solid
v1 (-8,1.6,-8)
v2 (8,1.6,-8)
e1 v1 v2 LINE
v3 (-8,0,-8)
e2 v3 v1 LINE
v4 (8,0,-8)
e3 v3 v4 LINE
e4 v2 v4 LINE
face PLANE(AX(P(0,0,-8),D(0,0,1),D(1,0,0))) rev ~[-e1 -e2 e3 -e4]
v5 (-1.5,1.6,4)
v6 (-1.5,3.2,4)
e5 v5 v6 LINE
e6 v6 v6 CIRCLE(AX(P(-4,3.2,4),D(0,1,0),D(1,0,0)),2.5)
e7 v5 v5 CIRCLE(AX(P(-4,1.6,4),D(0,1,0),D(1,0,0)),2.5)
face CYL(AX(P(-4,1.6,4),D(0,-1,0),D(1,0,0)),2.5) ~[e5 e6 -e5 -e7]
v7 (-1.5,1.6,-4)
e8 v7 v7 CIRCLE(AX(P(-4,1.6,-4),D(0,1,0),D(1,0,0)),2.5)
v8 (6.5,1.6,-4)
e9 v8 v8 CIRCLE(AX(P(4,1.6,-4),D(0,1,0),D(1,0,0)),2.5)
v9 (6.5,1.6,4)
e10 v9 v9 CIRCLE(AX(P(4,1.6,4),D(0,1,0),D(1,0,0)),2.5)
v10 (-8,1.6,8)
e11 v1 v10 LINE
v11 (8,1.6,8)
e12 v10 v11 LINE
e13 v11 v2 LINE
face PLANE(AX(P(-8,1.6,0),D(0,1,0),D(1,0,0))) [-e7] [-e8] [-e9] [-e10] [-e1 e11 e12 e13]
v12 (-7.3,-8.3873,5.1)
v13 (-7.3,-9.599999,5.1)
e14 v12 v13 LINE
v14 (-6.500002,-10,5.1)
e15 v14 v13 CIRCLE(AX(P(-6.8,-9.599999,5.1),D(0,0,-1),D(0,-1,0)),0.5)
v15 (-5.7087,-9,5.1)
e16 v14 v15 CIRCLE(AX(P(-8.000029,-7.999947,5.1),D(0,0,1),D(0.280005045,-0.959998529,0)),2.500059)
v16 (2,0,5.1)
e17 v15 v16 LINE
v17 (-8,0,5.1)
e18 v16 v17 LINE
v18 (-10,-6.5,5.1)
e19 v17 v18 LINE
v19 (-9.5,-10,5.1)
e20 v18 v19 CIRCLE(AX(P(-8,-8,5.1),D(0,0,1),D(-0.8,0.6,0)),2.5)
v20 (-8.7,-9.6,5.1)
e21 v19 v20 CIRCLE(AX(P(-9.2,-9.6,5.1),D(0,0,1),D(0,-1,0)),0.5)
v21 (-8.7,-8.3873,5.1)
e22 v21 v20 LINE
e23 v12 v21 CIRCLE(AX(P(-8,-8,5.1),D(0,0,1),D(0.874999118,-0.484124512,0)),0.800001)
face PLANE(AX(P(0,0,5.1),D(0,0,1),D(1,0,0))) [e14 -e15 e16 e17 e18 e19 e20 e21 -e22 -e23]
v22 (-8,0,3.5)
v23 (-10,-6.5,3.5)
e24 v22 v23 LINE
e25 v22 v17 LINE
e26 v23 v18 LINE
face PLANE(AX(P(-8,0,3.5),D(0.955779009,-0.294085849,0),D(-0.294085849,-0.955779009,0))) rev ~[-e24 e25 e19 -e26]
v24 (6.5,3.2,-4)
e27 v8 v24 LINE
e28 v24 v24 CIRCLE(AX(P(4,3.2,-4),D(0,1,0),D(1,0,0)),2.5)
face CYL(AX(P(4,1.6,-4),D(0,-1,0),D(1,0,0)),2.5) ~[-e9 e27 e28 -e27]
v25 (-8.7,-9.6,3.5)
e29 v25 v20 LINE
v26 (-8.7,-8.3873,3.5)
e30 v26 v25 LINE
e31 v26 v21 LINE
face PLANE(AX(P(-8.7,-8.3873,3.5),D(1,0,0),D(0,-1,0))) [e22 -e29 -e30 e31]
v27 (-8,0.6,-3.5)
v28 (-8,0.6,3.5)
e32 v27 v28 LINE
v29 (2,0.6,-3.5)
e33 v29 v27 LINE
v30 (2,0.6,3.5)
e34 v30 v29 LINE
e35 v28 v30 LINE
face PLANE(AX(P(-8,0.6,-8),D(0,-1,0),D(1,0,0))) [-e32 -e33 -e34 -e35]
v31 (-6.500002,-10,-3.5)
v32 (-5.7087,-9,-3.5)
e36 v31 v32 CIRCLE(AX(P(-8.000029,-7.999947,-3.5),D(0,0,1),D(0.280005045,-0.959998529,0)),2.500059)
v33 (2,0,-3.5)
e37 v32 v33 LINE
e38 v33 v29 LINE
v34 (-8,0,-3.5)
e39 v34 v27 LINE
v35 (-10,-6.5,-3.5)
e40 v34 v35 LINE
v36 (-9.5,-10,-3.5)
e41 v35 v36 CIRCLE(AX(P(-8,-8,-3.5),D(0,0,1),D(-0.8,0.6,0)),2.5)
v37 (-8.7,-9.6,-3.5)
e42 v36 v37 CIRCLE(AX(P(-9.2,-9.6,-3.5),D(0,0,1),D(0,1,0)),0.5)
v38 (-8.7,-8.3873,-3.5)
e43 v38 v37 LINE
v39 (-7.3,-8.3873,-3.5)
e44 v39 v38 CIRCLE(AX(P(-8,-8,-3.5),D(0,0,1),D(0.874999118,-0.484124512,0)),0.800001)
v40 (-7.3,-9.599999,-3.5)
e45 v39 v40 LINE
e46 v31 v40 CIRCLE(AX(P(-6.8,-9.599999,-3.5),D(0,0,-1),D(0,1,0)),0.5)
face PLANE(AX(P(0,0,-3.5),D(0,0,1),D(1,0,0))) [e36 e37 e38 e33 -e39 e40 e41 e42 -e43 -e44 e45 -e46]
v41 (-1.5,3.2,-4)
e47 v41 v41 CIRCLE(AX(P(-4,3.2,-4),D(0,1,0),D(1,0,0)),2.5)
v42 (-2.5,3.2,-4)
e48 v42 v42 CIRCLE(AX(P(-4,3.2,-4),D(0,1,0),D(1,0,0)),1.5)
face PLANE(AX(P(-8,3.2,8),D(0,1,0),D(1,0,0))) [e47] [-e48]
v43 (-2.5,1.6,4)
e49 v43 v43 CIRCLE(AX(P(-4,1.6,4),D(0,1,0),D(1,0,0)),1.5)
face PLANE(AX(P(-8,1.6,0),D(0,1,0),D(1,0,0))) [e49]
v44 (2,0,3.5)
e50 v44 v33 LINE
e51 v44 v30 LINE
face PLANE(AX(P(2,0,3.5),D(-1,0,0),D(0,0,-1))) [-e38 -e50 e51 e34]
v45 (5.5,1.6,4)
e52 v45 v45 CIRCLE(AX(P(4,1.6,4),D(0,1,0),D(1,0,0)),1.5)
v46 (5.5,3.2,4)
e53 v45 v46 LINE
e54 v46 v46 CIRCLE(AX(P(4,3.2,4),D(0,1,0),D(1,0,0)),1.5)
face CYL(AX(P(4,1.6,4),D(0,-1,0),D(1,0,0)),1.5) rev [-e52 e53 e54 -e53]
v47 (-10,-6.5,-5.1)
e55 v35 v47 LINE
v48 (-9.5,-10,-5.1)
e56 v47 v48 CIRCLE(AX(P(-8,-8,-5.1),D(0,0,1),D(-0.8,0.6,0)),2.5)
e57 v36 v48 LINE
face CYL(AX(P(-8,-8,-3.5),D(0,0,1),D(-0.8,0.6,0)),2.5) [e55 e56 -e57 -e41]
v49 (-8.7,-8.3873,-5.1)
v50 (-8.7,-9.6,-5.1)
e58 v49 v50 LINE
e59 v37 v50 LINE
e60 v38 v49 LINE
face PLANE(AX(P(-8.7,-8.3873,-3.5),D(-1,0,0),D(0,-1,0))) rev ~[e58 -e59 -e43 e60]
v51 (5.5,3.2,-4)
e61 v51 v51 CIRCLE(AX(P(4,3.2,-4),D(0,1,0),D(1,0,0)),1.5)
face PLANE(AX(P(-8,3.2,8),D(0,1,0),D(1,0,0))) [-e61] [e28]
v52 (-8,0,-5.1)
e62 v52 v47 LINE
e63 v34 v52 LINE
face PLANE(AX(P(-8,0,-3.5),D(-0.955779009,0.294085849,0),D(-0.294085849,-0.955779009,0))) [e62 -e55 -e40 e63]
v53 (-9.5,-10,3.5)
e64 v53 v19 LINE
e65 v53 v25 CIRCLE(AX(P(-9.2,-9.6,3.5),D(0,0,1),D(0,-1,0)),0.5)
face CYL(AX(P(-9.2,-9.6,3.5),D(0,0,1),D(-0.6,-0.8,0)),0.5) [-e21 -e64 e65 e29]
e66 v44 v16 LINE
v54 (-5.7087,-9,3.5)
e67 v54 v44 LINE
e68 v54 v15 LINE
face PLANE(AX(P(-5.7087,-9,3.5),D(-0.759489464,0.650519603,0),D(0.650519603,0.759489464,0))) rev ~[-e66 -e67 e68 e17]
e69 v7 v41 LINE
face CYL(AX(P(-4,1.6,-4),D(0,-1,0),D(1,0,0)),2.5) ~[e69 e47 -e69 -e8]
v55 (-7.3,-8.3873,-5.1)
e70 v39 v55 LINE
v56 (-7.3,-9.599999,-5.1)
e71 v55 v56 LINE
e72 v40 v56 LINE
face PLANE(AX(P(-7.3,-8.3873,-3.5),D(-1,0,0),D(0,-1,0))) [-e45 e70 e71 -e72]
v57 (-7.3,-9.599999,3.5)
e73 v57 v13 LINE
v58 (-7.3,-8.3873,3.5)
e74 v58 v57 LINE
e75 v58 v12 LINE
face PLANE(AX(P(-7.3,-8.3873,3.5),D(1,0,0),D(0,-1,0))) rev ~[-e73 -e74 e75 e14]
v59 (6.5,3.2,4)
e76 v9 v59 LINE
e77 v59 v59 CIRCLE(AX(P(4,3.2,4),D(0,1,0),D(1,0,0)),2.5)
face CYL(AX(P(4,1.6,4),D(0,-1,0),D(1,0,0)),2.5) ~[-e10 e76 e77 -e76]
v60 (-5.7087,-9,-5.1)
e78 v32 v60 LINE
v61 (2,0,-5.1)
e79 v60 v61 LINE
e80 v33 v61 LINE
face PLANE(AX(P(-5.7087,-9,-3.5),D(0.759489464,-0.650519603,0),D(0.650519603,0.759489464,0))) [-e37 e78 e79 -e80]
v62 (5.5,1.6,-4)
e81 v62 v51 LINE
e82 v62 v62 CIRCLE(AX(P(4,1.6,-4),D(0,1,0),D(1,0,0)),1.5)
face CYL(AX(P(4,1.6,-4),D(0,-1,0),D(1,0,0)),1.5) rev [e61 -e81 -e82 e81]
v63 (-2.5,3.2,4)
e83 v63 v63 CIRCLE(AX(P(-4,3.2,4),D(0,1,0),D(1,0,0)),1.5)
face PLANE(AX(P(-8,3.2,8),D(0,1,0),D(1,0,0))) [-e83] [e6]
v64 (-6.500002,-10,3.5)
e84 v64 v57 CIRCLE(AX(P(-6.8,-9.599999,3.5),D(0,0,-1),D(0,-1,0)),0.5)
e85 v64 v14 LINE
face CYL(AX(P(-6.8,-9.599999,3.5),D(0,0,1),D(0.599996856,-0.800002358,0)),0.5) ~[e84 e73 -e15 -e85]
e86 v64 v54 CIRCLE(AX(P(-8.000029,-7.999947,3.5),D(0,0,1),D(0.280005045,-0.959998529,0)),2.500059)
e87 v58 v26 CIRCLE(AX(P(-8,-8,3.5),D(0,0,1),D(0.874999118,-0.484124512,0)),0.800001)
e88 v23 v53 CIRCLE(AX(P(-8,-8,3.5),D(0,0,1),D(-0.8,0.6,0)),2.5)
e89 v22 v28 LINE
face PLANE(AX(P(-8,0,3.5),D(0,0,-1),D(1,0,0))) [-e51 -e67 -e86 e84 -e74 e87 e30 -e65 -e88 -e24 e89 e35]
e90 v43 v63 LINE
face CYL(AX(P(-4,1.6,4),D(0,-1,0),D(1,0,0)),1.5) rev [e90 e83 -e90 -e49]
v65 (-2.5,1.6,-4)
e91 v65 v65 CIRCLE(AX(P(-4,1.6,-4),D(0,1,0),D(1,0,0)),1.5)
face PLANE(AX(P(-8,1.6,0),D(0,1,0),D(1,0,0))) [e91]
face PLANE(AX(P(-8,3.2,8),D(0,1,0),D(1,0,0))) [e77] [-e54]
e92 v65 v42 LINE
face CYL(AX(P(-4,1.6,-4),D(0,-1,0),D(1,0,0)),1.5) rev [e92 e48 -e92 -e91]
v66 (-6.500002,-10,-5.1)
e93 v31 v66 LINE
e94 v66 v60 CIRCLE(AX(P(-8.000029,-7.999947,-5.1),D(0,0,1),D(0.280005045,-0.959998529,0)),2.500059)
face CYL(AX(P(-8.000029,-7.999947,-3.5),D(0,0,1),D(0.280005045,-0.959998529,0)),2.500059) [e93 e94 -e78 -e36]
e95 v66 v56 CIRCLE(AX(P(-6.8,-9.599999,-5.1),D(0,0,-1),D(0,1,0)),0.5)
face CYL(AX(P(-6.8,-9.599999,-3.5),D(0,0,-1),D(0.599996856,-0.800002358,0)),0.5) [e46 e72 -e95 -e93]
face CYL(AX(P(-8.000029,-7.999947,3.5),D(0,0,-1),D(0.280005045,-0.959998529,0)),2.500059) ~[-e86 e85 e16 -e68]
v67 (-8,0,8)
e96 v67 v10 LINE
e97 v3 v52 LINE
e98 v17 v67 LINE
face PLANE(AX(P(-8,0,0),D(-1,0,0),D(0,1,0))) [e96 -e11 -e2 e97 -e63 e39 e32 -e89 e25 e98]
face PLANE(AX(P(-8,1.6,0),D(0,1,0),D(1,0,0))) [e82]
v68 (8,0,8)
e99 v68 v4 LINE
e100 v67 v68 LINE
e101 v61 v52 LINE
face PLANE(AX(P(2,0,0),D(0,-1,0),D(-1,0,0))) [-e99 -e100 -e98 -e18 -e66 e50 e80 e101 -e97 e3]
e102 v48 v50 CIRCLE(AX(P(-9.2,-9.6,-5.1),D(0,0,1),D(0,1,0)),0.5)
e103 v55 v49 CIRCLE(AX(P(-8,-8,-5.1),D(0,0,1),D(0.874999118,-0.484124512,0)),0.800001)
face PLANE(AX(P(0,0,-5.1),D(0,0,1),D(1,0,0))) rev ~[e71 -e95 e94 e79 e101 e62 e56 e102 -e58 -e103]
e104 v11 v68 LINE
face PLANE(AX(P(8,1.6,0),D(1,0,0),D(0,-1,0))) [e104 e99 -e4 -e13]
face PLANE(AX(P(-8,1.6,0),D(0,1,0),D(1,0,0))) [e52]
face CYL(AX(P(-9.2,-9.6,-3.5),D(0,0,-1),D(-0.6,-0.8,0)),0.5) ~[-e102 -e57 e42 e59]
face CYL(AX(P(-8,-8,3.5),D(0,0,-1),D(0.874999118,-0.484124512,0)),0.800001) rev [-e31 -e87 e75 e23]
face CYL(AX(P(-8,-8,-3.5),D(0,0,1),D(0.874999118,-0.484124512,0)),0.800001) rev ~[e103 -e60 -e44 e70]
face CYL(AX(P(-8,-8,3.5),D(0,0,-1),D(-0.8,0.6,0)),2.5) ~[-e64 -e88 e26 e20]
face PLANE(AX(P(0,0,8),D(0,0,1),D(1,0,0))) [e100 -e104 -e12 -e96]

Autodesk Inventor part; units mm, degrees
ref_plane "YZ Plane" through (0, 0, 0) normal (1, 0, 0) x (0, 1, 0)
sketch "Sketch1" plane through (0, 0, 0) normal (0, 0, 1) x (1, 0, 0)
  line L0 (-8, 1.6) -> (8, 1.6)
  line L1 (8, 1.6) -> (8, 0)
  line L2 (8, 0) -> (-8, 0)
  line L3 (-8, 0) -> (-8, 1.6)
  arc A0 (-7.3, -8.3873) -> (-8.7, -8.3873) centre (-8, -8) ccw
  line L4 (-8.7, -8.3873) -> (-8.7, -10.4)
  line L5 (-7.3, -8.3873) -> (-7.3, -10.4)
  line L6 (-8, 0) -> (-10, -6.5)
  line L7 (-5.7087, -9) -> (2, 0)
  arc A1 (-7.3, -10.4) -> (-5.7087, -9) centre (-8, -8) ccw
  arc A2 (-10, -6.5) -> (-8.7, -10.4) centre (-8, -8) ccw
  point P0 (0, 0)
  point P1 (0, 0)
  dimension "d0" = 1.6
  dimension "d1" = 16
  dimension "d3" = 9.6
  dimension "d4" = 1.6
  dimension "d6" = 1.4
  dimension "d7" = 0.7
  dimension "d8" = 1
  dimension "d9" = 1.5
  dimension "d10" = 2.5
  dimension "d11" = 2.5
  dimension "d12" = 10
extrude "Extrusion1" add sketch "Sketch1" along normal mid plane 16 contours L0 L1 L2 L3
ref_plane "Work Plane1" through (0, 0, -3.5) normal (0, 0, 1) x (1, 0, 0)
ref_plane "Work Plane2" through (0, 0, 3.5) normal (0, 0, 1) x (1, 0, 0)
sketch "Sketch2" plane through (0, 0, 3.5) normal (0, 0, 1) x (1, 0, 0)
  line L0 (-8, 0) -> (-10, -6.5) projected
  arc A0 (-10, -6.5) -> (-8.7, -10.4) centre (-8, -8) ccw projected
  line L1 (-8.7, -8.3873) -> (-8.7, -10.4) projected
  arc A1 (-7.3, -8.3873) -> (-8.7, -8.3873) centre (-8, -8) ccw projected
  line L2 (-7.3, -8.3873) -> (-7.3, -10.4) projected
  arc A2 (-7.3, -10.4) -> (-5.7087, -9) centre (-8, -8) ccw projected
  line L3 (-5.7087, -9) -> (2, 0) projected
  line L4 (8, 0) -> (-8, 0) projected
  point P0 (0, 0)
extrude "Extrusion2" add sketch "Sketch2" along normal blind 1.6
sketch "Sketch3" plane through (0, 0, -3.5) normal (0, 0, 1) x (1, 0, 0)
  line L0 (-8, 0) -> (-10, -6.5) projected
  arc A0 (-10, -6.5) -> (-8.7, -10.4) centre (-8, -8) ccw projected
  line L1 (-8.7, -8.3873) -> (-8.7, -10.4) projected
  arc A1 (-7.3, -8.3873) -> (-8.7, -8.3873) centre (-8, -8) ccw projected
  line L2 (-7.3, -8.3873) -> (-7.3, -10.4) projected
  arc A2 (-7.3, -10.4) -> (-5.7087, -9) centre (-8, -8) ccw projected
  line L3 (-5.7087, -9) -> (2, 0) projected
  line L4 (8, 0) -> (-8, 0) projected
  point P0 (0, 0)
extrude "Extrusion3" add sketch "Sketch3" against normal blind 1.6
fillet "Fillet1" radius 0.5 4 edges at (-8.7, -10.4, 4.3) (-7.3, -10.4, 4.3) (-7.3, -10.4, -4.3) (-8.7, -10.4, -4.3)
sketch "Sketch4" plane through (-8, 1.6, 8) normal (0, 1, 0) x (1, 0, 0)
  line L0 (16, 16) -> (0, 16) projected
  line L1 (0, 0) -> (0, 16) projected
  circle A0 centre (4, 12) radius 2.5
  circle A1 centre (12, 12) radius 2.5
  circle A2 centre (12, 4) radius 2.5
  circle A3 centre (4, 4) radius 2.5
  circle A4 centre (4, 12) radius 1.5
  circle A5 centre (12, 12) radius 1.5
  circle A6 centre (12, 4) radius 1.5
  circle A7 centre (4, 4) radius 1.5
  point P0 (8, 8)
  dimension "d22" = 8
  dimension "d23" = 8
  dimension "d24" = 4
  dimension "d25" = 4
  dimension "d26" = 5
  dimension "d27" = 3
extrude "Extrusion4" add sketch "Sketch4" along normal blind 1.6
sketch "Sketch5" plane through (-8, 0, -8) normal (0, -1, 0) x (1, 0, 0)
  line L0 (0, 11.5) -> (10, 11.5)
  line L1 (10, 11.5) -> (10, 4.5)
  line L2 (10, 4.5) -> (0, 4.5)
  line L3 (0, 4.5) -> (0, 11.5)
  point P0 (8, 8)
extrude "Extrusion5" cut sketch "Sketch5" against normal blind 0.6
equation "\"d7\" = 0.5 * d6"
properties part number "2415" material "Steel"
